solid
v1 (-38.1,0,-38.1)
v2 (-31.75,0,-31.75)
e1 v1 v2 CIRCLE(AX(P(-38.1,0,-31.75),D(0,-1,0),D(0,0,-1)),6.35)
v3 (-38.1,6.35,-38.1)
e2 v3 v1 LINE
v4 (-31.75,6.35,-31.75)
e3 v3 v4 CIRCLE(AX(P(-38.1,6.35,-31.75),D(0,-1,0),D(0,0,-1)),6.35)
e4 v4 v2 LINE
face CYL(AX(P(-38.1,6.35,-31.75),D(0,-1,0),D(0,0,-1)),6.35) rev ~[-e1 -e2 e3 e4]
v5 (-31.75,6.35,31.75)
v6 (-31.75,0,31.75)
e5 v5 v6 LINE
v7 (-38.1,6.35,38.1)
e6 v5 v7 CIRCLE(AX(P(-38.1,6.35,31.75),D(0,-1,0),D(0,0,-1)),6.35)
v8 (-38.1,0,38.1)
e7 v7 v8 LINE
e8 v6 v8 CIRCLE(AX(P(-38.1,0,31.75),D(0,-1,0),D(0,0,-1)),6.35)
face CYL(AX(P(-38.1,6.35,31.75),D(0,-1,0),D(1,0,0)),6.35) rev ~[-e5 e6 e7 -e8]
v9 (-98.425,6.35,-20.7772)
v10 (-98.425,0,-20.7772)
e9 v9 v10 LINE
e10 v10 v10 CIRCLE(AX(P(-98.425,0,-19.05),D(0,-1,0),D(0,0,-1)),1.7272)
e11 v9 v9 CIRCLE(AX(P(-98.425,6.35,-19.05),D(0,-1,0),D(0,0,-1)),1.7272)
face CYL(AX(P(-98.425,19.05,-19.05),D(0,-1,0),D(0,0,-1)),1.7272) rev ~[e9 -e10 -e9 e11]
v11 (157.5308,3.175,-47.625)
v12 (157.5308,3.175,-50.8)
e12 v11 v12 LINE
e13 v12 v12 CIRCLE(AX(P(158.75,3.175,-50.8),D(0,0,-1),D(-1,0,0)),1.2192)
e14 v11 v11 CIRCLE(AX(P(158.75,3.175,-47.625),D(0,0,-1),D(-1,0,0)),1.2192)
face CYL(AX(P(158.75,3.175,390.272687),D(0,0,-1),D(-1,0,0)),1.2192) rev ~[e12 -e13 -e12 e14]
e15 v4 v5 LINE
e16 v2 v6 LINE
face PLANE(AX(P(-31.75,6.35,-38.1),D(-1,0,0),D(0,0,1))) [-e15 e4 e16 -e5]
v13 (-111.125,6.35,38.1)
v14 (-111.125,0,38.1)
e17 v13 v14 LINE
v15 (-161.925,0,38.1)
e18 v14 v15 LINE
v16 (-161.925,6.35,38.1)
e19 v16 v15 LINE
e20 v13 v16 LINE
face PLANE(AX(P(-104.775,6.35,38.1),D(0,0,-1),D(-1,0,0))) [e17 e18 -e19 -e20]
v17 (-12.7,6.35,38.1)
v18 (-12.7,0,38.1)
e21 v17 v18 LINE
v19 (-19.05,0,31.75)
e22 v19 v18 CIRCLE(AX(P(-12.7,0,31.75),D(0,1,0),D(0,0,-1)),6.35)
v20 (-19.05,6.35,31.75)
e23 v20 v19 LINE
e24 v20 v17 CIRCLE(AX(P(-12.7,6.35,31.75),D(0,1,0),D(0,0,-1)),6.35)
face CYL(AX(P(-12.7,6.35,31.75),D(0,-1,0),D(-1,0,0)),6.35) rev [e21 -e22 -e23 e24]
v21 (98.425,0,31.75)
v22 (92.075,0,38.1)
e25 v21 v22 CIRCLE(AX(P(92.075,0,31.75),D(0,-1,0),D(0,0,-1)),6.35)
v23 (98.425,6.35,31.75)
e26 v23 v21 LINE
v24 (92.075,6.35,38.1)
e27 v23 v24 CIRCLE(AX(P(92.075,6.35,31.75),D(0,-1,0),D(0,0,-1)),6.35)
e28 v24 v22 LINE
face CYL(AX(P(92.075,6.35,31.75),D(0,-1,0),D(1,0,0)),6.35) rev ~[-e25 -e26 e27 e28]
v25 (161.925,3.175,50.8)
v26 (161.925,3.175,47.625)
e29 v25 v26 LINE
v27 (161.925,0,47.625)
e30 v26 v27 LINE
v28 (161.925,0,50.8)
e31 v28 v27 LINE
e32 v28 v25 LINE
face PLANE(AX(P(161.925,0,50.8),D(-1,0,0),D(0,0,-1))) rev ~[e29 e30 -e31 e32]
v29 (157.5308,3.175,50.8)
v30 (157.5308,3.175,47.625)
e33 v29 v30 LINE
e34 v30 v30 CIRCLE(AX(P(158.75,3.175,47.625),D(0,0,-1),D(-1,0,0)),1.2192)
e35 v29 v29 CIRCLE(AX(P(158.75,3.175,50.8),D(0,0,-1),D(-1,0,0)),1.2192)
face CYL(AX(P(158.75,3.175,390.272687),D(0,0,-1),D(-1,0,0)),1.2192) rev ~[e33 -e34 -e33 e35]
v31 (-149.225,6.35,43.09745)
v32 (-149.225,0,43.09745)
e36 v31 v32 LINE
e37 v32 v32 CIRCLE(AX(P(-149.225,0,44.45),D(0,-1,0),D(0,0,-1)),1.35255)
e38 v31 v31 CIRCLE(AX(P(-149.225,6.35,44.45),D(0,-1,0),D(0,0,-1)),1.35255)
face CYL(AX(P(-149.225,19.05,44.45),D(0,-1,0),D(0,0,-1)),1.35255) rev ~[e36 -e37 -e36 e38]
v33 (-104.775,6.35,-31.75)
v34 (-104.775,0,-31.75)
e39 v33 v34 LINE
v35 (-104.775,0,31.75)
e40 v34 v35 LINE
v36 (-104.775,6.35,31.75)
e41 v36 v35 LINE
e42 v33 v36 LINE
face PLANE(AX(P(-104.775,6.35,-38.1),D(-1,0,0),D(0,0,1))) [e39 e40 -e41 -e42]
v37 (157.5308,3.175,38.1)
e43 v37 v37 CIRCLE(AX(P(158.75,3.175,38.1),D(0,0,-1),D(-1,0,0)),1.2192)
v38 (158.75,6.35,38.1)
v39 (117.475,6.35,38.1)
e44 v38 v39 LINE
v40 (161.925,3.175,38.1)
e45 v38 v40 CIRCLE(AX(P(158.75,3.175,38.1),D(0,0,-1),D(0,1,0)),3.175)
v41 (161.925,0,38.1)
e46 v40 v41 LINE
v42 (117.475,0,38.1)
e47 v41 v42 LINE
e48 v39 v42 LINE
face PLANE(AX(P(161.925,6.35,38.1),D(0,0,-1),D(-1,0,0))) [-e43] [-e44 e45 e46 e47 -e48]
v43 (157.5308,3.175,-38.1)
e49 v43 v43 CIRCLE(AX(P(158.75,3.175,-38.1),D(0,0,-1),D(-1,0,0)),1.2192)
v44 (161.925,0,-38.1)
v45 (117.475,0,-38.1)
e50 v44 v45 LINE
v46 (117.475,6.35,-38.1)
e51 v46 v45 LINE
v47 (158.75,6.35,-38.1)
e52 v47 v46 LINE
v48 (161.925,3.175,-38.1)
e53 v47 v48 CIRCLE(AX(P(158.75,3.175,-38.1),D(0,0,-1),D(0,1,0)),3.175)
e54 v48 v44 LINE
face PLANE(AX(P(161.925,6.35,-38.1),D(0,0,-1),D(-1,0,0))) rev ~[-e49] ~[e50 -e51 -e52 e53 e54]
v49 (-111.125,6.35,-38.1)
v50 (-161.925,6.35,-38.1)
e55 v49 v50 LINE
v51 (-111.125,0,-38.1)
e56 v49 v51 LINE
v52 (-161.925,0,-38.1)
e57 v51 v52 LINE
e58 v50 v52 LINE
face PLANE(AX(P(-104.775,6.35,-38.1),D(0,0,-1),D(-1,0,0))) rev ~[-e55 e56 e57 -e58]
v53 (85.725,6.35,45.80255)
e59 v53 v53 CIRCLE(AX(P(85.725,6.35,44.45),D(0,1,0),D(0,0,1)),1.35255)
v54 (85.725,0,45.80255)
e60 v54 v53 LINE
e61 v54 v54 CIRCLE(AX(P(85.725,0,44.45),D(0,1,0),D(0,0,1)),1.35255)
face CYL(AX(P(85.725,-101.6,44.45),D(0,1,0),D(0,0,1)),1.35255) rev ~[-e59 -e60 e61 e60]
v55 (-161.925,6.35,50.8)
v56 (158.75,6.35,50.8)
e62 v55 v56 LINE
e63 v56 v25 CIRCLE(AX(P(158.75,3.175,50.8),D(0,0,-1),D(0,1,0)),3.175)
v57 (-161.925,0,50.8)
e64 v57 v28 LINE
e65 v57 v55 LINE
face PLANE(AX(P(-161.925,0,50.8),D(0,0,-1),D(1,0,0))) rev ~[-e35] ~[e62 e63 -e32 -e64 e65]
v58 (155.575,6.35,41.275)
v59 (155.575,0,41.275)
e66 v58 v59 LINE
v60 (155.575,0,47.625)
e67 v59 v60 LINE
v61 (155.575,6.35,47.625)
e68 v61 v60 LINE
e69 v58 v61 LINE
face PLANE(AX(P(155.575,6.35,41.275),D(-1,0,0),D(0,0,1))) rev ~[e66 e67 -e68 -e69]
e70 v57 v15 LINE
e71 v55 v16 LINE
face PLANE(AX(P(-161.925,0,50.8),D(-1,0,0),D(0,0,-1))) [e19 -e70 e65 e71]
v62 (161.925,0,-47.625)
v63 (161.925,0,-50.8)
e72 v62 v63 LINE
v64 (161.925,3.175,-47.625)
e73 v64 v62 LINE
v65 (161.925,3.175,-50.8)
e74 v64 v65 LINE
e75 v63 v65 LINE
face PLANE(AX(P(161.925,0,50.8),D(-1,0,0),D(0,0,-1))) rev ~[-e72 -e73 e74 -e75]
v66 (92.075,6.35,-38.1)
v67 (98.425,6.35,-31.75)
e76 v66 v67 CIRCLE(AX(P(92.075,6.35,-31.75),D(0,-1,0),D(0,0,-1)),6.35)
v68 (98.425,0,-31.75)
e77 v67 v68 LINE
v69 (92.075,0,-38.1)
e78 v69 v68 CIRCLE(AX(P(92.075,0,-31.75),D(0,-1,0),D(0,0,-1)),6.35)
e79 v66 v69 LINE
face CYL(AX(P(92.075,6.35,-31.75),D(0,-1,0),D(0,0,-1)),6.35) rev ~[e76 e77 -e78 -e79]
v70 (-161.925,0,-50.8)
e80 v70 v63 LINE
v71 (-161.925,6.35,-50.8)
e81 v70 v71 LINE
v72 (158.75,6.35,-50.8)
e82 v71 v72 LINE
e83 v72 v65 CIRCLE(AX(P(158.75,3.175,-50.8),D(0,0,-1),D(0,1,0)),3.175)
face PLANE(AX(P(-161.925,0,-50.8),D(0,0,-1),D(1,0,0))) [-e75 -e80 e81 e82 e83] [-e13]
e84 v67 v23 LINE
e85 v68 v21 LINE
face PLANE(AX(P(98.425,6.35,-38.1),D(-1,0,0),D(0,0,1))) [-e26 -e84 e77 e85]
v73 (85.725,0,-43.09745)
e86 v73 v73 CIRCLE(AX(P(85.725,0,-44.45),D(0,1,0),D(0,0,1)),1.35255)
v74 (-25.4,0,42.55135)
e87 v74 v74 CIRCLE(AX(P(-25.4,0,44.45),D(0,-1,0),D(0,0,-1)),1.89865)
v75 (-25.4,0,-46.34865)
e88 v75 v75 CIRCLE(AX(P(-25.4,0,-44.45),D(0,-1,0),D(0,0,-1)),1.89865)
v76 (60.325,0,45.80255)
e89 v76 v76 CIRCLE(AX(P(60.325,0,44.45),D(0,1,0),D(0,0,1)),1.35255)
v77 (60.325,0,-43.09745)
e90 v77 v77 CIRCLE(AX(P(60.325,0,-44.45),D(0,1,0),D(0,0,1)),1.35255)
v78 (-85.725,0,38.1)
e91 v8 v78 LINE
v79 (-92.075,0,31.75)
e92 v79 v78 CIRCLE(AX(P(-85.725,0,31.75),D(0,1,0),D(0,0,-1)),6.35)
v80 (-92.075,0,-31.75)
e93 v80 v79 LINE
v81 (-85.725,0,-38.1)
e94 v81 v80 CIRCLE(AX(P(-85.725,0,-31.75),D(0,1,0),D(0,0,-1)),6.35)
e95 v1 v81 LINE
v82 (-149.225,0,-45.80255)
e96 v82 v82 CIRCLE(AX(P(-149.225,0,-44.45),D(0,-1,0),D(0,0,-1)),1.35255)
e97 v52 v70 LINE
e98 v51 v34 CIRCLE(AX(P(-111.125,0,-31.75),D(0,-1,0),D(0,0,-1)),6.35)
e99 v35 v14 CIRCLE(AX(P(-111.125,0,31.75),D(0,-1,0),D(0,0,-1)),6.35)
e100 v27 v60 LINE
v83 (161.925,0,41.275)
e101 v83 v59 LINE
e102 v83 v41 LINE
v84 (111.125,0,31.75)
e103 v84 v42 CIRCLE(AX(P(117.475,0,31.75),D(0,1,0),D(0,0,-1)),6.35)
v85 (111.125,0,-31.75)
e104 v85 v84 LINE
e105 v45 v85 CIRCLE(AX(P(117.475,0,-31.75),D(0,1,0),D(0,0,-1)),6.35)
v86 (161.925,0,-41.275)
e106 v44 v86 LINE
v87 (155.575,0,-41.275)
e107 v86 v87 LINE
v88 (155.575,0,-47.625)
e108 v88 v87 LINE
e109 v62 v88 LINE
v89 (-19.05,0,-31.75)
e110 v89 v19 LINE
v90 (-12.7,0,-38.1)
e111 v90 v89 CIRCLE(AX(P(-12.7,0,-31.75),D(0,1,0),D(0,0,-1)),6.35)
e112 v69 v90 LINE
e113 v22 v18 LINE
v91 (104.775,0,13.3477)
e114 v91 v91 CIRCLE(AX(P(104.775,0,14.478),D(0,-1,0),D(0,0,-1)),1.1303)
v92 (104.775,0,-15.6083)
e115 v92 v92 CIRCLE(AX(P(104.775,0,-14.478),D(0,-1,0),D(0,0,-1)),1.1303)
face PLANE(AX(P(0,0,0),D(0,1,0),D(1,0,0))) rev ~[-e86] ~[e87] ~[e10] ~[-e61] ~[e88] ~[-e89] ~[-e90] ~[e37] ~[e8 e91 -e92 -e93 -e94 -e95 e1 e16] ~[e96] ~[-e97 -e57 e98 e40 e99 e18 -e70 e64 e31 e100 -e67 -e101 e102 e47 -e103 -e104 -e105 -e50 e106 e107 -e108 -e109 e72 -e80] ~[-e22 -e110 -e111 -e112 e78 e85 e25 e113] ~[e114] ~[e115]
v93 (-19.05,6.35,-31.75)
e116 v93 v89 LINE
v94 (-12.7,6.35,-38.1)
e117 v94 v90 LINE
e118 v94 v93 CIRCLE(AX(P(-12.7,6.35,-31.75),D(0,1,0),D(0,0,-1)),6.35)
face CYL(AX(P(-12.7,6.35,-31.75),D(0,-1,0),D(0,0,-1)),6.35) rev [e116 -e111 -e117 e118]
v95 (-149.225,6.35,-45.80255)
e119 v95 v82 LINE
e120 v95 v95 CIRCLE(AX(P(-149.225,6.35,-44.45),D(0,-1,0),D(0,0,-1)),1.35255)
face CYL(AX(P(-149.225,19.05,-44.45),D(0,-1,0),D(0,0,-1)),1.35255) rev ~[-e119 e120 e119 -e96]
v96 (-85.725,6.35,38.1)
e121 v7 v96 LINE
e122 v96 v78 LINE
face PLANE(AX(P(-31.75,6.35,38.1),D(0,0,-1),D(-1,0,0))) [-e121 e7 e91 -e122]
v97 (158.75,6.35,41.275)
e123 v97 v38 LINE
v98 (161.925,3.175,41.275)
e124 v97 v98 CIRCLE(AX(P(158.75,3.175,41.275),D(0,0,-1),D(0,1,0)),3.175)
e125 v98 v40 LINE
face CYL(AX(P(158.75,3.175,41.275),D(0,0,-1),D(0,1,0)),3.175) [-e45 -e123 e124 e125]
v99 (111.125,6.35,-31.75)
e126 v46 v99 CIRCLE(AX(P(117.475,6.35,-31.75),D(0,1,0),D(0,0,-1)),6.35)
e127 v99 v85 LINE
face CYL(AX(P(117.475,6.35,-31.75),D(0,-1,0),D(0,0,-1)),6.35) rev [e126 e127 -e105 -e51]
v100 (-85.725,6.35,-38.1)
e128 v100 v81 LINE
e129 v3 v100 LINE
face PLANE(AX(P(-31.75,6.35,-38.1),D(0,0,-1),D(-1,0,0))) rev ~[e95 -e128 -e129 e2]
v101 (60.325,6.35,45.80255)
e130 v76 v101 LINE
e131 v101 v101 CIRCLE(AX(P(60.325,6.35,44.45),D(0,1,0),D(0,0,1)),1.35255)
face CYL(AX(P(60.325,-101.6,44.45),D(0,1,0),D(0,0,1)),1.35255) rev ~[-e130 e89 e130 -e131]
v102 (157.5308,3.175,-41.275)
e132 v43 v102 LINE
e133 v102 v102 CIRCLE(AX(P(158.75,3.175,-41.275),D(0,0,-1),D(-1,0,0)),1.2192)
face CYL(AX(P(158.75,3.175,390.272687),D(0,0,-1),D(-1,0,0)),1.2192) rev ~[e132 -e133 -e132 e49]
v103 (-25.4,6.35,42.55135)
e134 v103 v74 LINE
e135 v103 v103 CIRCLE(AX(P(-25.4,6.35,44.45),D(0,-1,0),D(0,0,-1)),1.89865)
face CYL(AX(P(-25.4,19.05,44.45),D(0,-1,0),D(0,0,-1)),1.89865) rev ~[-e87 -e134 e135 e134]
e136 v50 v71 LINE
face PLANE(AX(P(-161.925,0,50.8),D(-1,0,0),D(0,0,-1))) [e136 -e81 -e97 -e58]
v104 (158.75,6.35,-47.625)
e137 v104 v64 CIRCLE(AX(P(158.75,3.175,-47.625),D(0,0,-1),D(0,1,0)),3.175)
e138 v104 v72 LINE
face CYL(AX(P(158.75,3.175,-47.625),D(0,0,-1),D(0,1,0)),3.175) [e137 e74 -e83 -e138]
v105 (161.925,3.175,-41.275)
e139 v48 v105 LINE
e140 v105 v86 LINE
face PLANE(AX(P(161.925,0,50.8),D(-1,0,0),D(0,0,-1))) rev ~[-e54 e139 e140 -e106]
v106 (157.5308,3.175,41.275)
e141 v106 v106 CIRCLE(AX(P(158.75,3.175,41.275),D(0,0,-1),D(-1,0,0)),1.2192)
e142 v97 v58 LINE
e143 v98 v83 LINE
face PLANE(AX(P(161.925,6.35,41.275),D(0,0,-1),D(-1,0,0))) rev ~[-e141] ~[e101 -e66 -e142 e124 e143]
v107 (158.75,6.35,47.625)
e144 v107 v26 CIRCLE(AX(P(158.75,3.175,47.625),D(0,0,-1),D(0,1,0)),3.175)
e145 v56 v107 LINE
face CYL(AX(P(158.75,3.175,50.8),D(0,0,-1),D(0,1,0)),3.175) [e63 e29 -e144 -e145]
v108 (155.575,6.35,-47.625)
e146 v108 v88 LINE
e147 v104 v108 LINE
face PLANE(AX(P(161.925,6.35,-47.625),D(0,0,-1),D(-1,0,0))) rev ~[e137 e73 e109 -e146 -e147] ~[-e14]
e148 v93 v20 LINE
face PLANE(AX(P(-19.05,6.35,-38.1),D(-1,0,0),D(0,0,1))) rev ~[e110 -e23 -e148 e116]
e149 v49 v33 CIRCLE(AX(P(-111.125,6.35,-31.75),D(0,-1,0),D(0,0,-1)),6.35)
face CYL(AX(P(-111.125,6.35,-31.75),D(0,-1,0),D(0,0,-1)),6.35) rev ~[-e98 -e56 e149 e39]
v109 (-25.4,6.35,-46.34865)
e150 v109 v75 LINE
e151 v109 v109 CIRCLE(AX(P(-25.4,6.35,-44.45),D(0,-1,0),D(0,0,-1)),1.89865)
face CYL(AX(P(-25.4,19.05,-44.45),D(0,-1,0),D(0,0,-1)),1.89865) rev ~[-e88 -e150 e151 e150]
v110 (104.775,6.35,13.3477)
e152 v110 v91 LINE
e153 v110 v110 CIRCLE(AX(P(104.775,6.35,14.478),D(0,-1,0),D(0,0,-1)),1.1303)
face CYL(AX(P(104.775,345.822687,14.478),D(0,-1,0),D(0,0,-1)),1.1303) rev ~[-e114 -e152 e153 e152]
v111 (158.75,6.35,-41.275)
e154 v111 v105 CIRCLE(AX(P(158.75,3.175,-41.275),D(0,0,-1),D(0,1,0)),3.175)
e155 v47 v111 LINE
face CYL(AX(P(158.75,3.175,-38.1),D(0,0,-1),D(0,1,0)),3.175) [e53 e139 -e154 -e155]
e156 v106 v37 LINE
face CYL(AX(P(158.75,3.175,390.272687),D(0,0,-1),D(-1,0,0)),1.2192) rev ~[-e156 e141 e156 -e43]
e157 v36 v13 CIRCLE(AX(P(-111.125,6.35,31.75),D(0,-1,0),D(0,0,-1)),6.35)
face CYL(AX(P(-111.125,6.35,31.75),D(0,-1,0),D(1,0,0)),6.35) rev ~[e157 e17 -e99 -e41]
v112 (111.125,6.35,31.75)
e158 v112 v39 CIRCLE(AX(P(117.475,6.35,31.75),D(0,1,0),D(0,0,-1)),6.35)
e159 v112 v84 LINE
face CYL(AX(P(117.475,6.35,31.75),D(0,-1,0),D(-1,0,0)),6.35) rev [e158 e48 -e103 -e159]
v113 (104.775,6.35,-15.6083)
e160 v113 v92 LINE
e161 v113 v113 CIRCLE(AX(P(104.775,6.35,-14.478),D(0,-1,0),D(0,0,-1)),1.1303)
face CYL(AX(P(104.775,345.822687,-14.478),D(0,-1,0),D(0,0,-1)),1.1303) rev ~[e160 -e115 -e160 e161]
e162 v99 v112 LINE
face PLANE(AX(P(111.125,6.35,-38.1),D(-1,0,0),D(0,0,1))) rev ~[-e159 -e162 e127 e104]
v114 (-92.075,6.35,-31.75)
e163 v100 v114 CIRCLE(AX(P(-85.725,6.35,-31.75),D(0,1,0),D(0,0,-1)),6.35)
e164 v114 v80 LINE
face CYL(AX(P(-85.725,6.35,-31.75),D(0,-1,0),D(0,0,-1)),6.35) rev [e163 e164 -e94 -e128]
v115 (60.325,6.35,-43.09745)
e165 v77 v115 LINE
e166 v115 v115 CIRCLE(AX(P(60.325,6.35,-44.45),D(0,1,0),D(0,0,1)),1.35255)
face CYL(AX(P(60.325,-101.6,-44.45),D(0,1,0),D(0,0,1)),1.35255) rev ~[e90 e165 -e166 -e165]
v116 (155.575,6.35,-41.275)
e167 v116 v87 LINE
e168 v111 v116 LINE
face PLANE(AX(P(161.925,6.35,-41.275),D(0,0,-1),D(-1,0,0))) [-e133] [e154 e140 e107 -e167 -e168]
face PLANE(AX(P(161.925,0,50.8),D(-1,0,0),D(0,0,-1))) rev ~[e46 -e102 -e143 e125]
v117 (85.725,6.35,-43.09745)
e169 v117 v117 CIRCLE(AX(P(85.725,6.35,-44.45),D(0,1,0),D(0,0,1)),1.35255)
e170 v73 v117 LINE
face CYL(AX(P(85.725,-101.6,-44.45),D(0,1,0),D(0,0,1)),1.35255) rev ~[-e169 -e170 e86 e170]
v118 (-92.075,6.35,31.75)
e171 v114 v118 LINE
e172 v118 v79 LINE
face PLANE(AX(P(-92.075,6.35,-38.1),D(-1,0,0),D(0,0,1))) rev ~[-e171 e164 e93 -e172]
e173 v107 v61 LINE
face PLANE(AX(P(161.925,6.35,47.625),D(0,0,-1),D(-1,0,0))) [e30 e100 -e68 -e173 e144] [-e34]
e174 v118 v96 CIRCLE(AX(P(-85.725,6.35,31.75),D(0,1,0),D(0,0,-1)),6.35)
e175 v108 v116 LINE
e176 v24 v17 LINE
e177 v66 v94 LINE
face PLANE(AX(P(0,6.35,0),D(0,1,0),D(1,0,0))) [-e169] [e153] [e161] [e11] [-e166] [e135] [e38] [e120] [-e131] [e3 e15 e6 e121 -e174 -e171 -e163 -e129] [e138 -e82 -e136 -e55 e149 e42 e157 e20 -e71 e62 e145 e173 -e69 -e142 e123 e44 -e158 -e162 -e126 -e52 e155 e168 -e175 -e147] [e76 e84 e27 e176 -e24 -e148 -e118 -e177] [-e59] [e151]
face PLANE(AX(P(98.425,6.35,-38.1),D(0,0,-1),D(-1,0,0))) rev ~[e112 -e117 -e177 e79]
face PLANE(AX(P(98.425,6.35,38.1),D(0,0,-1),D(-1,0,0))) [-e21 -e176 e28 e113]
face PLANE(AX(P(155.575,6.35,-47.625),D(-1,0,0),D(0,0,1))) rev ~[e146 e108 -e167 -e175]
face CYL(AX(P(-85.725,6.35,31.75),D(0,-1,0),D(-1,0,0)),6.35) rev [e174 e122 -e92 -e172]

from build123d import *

# Parameters (mm, degrees)
SKETCH1_W                  = 323.85
SKETCH1_H                  = 101.6
EXTRUDE1_DEPTH             = 6.35
SKETCH2_W                  = 57.15
SKETCH2_H                  = 76.2
CUT_EXTRUDE1_DEPTH         = 6.35
SKETCH3_W                  = 60.325
SKETCH3_H                  = 76.2
SKETCH3_W_2                = 50.8
SKETCH3_W_3                = 117.475
CUT_EXTRUDE2_DEPTH         = 6.35
SKETCH4_W                  = 6.35
SKETCH4_H                  = 6.35
CUT_EXTRUDE3_DEPTH         = 6.35
F_2_CLEARANCE_HOLE1_D      = 2.4384
FILLET1_R                  = 3.175
TAP_DRILL_FOR_8_TAP1_D     = 3.4544
TAP_DRILL_FOR_8_TAP1_DEPTH = 12.7
TAP_DRILL_FOR_8_TAP1_TIP   = 1.037806461
F_6_CLEARANCE_HOLE1_D      = 3.7973
F_6_CLEARANCE_HOLE1_DEPTH  = 12.7
F_6_CLEARANCE_HOLE1_TIP    = 1.140824014
TAP_DRILL_FOR_6_TAP1_D     = 2.7051
TAP_DRILL_FOR_6_TAP1_DEPTH = 12.7
TAP_DRILL_FOR_6_TAP1_TIP   = 0.81269403
FILLET2_R                  = 6.35
FILLET3_R                  = 6.35
TAP_DRILL_FOR_6_TAP2_D     = 2.7051
TAP_DRILL_FOR_6_TAP2_DEPTH = 101.6
TAP_DRILL_FOR_6_TAP2_TIP   = 0.81269403
TAP_DRILL_FOR_4_TAP1_D     = 2.2606


with BuildPart() as part:
    # Sketch1 → Extrude1 (new body)
    with BuildSketch(Plane(origin=(0, 0, 0), x_dir=(1, 0, 0), z_dir=(0, 1, 0))):
        Rectangle(SKETCH1_W, SKETCH1_H)
    extrude(amount=EXTRUDE1_DEPTH)

    # Sketch2 → Cut-Extrude1 (cut)
    with BuildSketch(Plane(origin=(0, 6.35, 0), x_dir=(-1, 0, 0), z_dir=(0, 1, 0))):
        with Locations((133.35, 0)):
            Rectangle(SKETCH2_W, SKETCH2_H)
    extrude(amount=-CUT_EXTRUDE1_DEPTH, mode=Mode.SUBTRACT)

    # Sketch3 → Cut-Extrude2 (cut)
    with BuildSketch(Plane(origin=(0, 6.35, 0), x_dir=(-1, 0, 0), z_dir=(0, 1, 0))):
        with Locations((61.9125, 0)):
            Rectangle(SKETCH3_W, SKETCH3_H)
        with Locations((-136.525, 0)):
            Rectangle(SKETCH3_W_2, SKETCH3_H)
        with Locations((-39.6875, 0)):
            Rectangle(SKETCH3_W_3, SKETCH3_H)
    extrude(amount=-CUT_EXTRUDE2_DEPTH, mode=Mode.SUBTRACT)

    # Sketch4 → Cut-Extrude3 (cut)
    with BuildSketch(Plane(origin=(0, 6.35, 0), x_dir=(-1, 0, 0), z_dir=(0, 1, 0))):
        with Locations((-158.75, -44.45)):
            Rectangle(SKETCH4_W, SKETCH4_H)
        with Locations((-158.75, 44.45)):
            Rectangle(SKETCH4_W, SKETCH4_H)
    extrude(amount=-CUT_EXTRUDE3_DEPTH, mode=Mode.SUBTRACT)

    # #2 Clearance Hole1 (through all)
    with Locations(Plane(origin=(158.75, 3.175, 50.8), x_dir=(1, 0, 0), z_dir=(0, 0, 1))):
        with Locations((0, 0)):
            Hole(F_2_CLEARANCE_HOLE1_D / 2)

    # Fillet1
    fillet1_edges = [part.edges().sort_by_distance(p)[0] for p in [
        (161.925, 6.35, 49.2125),
        (161.925, 6.35, -39.6875),
        (161.925, 6.35, -49.2125),
        (161.925, 6.35, 39.6875),
    ]]
    fillet(fillet1_edges, radius=FILLET1_R)

    # Tap Drill for #8 Tap1
    with Locations(Plane(origin=(-98.425, 6.35, -19.05), x_dir=(0, 0, 1), z_dir=(0, 1, 0))):
        with Locations((0, 0)):
            Hole(TAP_DRILL_FOR_8_TAP1_D / 2, depth=TAP_DRILL_FOR_8_TAP1_DEPTH)
            with Locations((0, 0, -(TAP_DRILL_FOR_8_TAP1_DEPTH + TAP_DRILL_FOR_8_TAP1_TIP / 2))):  # 118° drill point
                Cone(0, TAP_DRILL_FOR_8_TAP1_D / 2, TAP_DRILL_FOR_8_TAP1_TIP, mode=Mode.SUBTRACT)

    # #6 Clearance Hole1
    with Locations(Plane(origin=(-25.4, 6.35, -44.45), x_dir=(0, 0, 1), z_dir=(0, 1, 0))):
        with Locations((0, 0), (88.9, 0)):
            Hole(F_6_CLEARANCE_HOLE1_D / 2, depth=F_6_CLEARANCE_HOLE1_DEPTH)
            with Locations((0, 0, -(F_6_CLEARANCE_HOLE1_DEPTH + F_6_CLEARANCE_HOLE1_TIP / 2))):  # 118° drill point
                Cone(0, F_6_CLEARANCE_HOLE1_D / 2, F_6_CLEARANCE_HOLE1_TIP, mode=Mode.SUBTRACT)

    # Tap Drill for #6 Tap1
    with Locations(Plane(origin=(-149.225, 6.35, -44.45), x_dir=(0, 0, 1), z_dir=(0, 1, 0))):
        with Locations((0, 0), (88.9, 0)):
            Hole(TAP_DRILL_FOR_6_TAP1_D / 2, depth=TAP_DRILL_FOR_6_TAP1_DEPTH)
            with Locations((0, 0, -(TAP_DRILL_FOR_6_TAP1_DEPTH + TAP_DRILL_FOR_6_TAP1_TIP / 2))):  # 118° drill point
                Cone(0, TAP_DRILL_FOR_6_TAP1_D / 2, TAP_DRILL_FOR_6_TAP1_TIP, mode=Mode.SUBTRACT)

    # Fillet2
    fillet2_edges = [part.edges().sort_by_distance(p)[0] for p in [
        (-104.775, 3.175, -38.1),
        (-104.775, 3.175, 38.1),
        (-92.075, 3.175, 38.1),
        (-92.075, 3.175, -38.1),
        (-31.75, 3.175, -38.1),
        (-31.75, 3.175, 38.1),
        (111.125, 3.175, 38.1),
        (111.125, 3.175, -38.1),
    ]]
    fillet(fillet2_edges, radius=FILLET2_R)

    # Fillet3
    fillet3_edges = [part.edges().sort_by_distance(p)[0] for p in [
        (-19.05, 3.175, 38.1),
        (-19.05, 3.175, -38.1),
        (98.425, 3.175, -38.1),
        (98.425, 3.175, 38.1),
    ]]
    fillet(fillet3_edges, radius=FILLET3_R)

    # Tap Drill for #6 Tap2
    with Locations(Plane(origin=(60.325, 0, 44.45), x_dir=(0, 0, -1), z_dir=(0, -1, 0))):
        with Locations((0, 0), (0, 25.4), (88.9, 0), (88.9, 25.4)):
            Hole(TAP_DRILL_FOR_6_TAP2_D / 2, depth=TAP_DRILL_FOR_6_TAP2_DEPTH)
            with Locations((0, 0, -(TAP_DRILL_FOR_6_TAP2_DEPTH + TAP_DRILL_FOR_6_TAP2_TIP / 2))):  # 118° drill point
                Cone(0, TAP_DRILL_FOR_6_TAP2_D / 2, TAP_DRILL_FOR_6_TAP2_TIP, mode=Mode.SUBTRACT)

    # Tap Drill for #4 Tap1 (through all)
    with Locations(Plane(origin=(104.775, 6.35, 14.478), x_dir=(0, 0, 1), z_dir=(0, 1, 0))):
        with Locations((0, 0), (-28.956, 0)):
            Hole(TAP_DRILL_FOR_4_TAP1_D / 2)


solid = part.part
